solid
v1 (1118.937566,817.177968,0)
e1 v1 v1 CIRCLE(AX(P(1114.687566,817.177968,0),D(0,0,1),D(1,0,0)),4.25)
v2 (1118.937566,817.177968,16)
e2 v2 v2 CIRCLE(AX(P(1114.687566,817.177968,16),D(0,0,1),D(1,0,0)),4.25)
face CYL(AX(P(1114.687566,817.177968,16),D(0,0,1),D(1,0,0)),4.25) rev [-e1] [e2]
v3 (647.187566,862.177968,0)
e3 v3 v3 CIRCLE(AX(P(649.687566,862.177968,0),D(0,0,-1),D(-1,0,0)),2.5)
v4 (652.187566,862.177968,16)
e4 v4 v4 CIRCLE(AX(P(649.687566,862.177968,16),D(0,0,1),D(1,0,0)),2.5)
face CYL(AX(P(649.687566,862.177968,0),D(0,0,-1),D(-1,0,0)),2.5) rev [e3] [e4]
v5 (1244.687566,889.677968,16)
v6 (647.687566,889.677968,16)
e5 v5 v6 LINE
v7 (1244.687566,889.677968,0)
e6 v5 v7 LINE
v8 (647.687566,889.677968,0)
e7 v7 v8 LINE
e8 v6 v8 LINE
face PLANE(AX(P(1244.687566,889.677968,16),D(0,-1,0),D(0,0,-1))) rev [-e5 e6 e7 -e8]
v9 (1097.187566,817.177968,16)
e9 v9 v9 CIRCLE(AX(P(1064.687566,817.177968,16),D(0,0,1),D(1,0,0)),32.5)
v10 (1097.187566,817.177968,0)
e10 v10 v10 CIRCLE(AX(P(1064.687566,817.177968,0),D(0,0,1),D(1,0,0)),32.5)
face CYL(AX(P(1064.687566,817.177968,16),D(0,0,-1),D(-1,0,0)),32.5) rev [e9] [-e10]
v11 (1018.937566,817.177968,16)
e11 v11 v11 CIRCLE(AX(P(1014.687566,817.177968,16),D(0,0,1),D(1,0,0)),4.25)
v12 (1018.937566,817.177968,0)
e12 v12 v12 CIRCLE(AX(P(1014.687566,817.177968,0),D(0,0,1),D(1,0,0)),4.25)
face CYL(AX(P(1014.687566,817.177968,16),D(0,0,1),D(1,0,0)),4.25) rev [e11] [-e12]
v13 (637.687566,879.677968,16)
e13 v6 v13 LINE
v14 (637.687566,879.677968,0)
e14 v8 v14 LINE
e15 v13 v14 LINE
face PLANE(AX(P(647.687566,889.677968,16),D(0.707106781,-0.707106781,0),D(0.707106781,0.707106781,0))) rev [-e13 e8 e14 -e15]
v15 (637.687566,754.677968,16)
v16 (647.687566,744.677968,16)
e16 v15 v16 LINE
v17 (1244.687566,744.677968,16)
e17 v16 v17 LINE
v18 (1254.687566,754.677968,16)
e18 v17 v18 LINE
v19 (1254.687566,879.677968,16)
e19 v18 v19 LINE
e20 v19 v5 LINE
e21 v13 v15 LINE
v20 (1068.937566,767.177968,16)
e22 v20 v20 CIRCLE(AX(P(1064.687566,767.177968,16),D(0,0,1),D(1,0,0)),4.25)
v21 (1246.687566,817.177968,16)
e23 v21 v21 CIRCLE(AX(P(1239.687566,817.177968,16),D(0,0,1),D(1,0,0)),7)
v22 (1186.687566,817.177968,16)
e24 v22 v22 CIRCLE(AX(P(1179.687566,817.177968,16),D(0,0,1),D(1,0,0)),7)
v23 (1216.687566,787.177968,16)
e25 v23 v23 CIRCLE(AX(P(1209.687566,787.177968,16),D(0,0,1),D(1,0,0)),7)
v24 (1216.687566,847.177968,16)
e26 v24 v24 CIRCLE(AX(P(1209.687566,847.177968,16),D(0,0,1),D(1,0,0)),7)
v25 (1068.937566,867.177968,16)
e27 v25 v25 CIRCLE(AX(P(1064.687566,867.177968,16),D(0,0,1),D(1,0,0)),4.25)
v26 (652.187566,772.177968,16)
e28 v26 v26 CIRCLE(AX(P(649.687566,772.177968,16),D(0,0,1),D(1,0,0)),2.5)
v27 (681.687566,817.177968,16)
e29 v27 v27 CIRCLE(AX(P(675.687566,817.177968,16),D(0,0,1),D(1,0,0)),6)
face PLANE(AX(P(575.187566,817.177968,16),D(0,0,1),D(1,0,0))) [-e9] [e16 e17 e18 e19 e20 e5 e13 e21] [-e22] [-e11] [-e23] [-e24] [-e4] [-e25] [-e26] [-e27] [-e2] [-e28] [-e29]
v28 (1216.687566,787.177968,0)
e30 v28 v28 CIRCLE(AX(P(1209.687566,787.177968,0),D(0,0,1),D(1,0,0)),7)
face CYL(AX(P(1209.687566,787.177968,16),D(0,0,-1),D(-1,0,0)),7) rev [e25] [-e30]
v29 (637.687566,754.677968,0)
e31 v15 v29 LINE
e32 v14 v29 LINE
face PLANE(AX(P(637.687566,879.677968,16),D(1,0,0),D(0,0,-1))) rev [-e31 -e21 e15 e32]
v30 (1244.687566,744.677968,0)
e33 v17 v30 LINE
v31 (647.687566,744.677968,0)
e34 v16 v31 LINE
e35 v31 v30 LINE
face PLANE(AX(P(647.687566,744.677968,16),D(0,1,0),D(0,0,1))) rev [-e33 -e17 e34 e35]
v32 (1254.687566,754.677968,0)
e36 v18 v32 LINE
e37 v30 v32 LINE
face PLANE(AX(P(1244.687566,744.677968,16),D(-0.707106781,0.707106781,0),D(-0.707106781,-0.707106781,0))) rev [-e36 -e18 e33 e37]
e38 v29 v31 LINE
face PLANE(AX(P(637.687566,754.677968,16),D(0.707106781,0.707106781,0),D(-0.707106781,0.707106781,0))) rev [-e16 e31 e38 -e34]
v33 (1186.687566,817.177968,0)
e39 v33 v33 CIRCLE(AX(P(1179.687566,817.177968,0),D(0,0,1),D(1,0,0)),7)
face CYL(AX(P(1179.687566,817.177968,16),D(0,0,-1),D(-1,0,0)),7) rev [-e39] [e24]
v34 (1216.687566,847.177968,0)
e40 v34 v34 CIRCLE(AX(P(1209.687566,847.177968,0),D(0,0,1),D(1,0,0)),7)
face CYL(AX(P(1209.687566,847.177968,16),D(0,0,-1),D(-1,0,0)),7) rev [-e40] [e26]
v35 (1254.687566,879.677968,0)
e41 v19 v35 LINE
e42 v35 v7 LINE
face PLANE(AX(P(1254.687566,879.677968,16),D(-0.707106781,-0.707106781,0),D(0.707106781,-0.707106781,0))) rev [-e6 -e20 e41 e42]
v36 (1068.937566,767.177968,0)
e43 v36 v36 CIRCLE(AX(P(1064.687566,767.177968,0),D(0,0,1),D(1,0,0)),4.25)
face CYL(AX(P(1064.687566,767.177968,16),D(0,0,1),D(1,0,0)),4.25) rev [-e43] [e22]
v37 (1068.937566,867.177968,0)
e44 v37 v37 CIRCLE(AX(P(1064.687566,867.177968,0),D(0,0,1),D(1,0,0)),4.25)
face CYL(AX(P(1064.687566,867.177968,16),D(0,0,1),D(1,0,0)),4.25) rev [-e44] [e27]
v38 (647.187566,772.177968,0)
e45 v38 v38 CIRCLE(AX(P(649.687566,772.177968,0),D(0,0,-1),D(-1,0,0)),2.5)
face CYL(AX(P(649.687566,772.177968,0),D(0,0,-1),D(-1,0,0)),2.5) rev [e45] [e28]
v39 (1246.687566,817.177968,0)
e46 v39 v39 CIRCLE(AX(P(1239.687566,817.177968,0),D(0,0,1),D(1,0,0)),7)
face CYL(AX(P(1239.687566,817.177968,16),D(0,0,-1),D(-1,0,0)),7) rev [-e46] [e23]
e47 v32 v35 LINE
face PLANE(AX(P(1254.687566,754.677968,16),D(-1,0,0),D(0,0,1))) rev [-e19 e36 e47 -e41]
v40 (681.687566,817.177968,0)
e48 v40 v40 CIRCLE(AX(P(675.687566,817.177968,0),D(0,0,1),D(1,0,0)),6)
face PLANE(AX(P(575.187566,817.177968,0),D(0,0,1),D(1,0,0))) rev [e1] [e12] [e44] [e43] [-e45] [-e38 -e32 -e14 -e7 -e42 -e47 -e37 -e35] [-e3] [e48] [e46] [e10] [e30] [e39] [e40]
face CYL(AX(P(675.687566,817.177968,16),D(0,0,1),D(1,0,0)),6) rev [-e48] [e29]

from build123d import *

# Parameters (mm, degrees)
SKETCH_1_R              = 7
SKETCH_1_R_2            = 3
SKETCH_1_R_3            = 32.5
EXTRUDE_1_DEPTH         = 16
HOLE_WIZARD_M14_1_D     = 12
HOLE_WIZARD_M14_1_DEPTH = 34
HOLE_WIZARD_M14_1_TIP   = 3.605163714
HOLE_WIZARD_M6_1_D      = 5
HOLE_WIZARD_M6_1_DEPTH  = 18
HOLE_WIZARD_M6_1_TIP    = 1.502151548
HOLE_WIZARD_M10_2_D     = 8.5
HOLE_WIZARD_M10_2_DEPTH = 24.5
HOLE_WIZARD_M10_2_TIP   = 2.553657631


with BuildPart() as part:
    # 草图1 → 凸台-拉伸1 (new body)
    with BuildSketch(Plane.XY):
        Polygon((637.687566056, 879.677968159), (637.687566056, 754.677968159), (647.687566056, 744.677968159), (1244.687566056, 744.677968159), (1254.687566056, 754.677968159), (1254.687566056, 879.677968159), (1244.687566056, 889.677968159), (647.687566056, 889.677968159), align=None)
        with Locations((1209.687566056, 787.177968159)):
            Circle(SKETCH_1_R, mode=Mode.SUBTRACT)
        with Locations((1064.687566056, 767.177968159)):
            Circle(SKETCH_1_R_2, mode=Mode.SUBTRACT)
        with Locations((1064.687566056, 817.177968159)):
            Circle(SKETCH_1_R_3, mode=Mode.SUBTRACT)
        with Locations((1014.687566056, 817.177968159)):
            Circle(SKETCH_1_R_2, mode=Mode.SUBTRACT)
        with Locations((1114.687566056, 817.177968159)):
            Circle(SKETCH_1_R_2, mode=Mode.SUBTRACT)
        with Locations((1064.687566056, 867.177968159)):
            Circle(SKETCH_1_R_2, mode=Mode.SUBTRACT)
        with Locations((1239.687566056, 817.177968159)):
            Circle(SKETCH_1_R, mode=Mode.SUBTRACT)
        with Locations((1179.687566056, 817.177968159)):
            Circle(SKETCH_1_R, mode=Mode.SUBTRACT)
        with Locations((1209.687566056, 847.177968159)):
            Circle(SKETCH_1_R, mode=Mode.SUBTRACT)
    extrude(amount=EXTRUDE_1_DEPTH)

    # M14 螺纹孔1
    with Locations(Plane.XY.offset(16)):
        with Locations((675.687566056, 817.177968159)):
            Hole(HOLE_WIZARD_M14_1_D / 2, depth=HOLE_WIZARD_M14_1_DEPTH)
            with Locations((0, 0, -(HOLE_WIZARD_M14_1_DEPTH + HOLE_WIZARD_M14_1_TIP / 2))):  # 118° drill point
                Cone(0, HOLE_WIZARD_M14_1_D / 2, HOLE_WIZARD_M14_1_TIP, mode=Mode.SUBTRACT)

    # M6 螺纹孔1
    with Locations(Plane(origin=(0, 0, 0), x_dir=(-1, 0, 0), z_dir=(0, 0, -1))):
        with Locations((-649.687566056, 772.177968159), (-649.687566056, 862.177968159)):
            Hole(HOLE_WIZARD_M6_1_D / 2, depth=HOLE_WIZARD_M6_1_DEPTH)
            with Locations((0, 0, -(HOLE_WIZARD_M6_1_DEPTH + HOLE_WIZARD_M6_1_TIP / 2))):  # 118° drill point
                Cone(0, HOLE_WIZARD_M6_1_D / 2, HOLE_WIZARD_M6_1_TIP, mode=Mode.SUBTRACT)

    # M10 螺纹孔2
    with Locations(Plane.XY.offset(16)):
        with Locations((1014.687566056, 817.177968159), (1064.687566056, 767.177968159), (1114.687566056, 817.177968159), (1064.687566056, 867.177968159)):
            Hole(HOLE_WIZARD_M10_2_D / 2, depth=HOLE_WIZARD_M10_2_DEPTH)
            with Locations((0, 0, -(HOLE_WIZARD_M10_2_DEPTH + HOLE_WIZARD_M10_2_TIP / 2))):  # 118° drill point
                Cone(0, HOLE_WIZARD_M10_2_D / 2, HOLE_WIZARD_M10_2_TIP, mode=Mode.SUBTRACT)


solid = part.part
